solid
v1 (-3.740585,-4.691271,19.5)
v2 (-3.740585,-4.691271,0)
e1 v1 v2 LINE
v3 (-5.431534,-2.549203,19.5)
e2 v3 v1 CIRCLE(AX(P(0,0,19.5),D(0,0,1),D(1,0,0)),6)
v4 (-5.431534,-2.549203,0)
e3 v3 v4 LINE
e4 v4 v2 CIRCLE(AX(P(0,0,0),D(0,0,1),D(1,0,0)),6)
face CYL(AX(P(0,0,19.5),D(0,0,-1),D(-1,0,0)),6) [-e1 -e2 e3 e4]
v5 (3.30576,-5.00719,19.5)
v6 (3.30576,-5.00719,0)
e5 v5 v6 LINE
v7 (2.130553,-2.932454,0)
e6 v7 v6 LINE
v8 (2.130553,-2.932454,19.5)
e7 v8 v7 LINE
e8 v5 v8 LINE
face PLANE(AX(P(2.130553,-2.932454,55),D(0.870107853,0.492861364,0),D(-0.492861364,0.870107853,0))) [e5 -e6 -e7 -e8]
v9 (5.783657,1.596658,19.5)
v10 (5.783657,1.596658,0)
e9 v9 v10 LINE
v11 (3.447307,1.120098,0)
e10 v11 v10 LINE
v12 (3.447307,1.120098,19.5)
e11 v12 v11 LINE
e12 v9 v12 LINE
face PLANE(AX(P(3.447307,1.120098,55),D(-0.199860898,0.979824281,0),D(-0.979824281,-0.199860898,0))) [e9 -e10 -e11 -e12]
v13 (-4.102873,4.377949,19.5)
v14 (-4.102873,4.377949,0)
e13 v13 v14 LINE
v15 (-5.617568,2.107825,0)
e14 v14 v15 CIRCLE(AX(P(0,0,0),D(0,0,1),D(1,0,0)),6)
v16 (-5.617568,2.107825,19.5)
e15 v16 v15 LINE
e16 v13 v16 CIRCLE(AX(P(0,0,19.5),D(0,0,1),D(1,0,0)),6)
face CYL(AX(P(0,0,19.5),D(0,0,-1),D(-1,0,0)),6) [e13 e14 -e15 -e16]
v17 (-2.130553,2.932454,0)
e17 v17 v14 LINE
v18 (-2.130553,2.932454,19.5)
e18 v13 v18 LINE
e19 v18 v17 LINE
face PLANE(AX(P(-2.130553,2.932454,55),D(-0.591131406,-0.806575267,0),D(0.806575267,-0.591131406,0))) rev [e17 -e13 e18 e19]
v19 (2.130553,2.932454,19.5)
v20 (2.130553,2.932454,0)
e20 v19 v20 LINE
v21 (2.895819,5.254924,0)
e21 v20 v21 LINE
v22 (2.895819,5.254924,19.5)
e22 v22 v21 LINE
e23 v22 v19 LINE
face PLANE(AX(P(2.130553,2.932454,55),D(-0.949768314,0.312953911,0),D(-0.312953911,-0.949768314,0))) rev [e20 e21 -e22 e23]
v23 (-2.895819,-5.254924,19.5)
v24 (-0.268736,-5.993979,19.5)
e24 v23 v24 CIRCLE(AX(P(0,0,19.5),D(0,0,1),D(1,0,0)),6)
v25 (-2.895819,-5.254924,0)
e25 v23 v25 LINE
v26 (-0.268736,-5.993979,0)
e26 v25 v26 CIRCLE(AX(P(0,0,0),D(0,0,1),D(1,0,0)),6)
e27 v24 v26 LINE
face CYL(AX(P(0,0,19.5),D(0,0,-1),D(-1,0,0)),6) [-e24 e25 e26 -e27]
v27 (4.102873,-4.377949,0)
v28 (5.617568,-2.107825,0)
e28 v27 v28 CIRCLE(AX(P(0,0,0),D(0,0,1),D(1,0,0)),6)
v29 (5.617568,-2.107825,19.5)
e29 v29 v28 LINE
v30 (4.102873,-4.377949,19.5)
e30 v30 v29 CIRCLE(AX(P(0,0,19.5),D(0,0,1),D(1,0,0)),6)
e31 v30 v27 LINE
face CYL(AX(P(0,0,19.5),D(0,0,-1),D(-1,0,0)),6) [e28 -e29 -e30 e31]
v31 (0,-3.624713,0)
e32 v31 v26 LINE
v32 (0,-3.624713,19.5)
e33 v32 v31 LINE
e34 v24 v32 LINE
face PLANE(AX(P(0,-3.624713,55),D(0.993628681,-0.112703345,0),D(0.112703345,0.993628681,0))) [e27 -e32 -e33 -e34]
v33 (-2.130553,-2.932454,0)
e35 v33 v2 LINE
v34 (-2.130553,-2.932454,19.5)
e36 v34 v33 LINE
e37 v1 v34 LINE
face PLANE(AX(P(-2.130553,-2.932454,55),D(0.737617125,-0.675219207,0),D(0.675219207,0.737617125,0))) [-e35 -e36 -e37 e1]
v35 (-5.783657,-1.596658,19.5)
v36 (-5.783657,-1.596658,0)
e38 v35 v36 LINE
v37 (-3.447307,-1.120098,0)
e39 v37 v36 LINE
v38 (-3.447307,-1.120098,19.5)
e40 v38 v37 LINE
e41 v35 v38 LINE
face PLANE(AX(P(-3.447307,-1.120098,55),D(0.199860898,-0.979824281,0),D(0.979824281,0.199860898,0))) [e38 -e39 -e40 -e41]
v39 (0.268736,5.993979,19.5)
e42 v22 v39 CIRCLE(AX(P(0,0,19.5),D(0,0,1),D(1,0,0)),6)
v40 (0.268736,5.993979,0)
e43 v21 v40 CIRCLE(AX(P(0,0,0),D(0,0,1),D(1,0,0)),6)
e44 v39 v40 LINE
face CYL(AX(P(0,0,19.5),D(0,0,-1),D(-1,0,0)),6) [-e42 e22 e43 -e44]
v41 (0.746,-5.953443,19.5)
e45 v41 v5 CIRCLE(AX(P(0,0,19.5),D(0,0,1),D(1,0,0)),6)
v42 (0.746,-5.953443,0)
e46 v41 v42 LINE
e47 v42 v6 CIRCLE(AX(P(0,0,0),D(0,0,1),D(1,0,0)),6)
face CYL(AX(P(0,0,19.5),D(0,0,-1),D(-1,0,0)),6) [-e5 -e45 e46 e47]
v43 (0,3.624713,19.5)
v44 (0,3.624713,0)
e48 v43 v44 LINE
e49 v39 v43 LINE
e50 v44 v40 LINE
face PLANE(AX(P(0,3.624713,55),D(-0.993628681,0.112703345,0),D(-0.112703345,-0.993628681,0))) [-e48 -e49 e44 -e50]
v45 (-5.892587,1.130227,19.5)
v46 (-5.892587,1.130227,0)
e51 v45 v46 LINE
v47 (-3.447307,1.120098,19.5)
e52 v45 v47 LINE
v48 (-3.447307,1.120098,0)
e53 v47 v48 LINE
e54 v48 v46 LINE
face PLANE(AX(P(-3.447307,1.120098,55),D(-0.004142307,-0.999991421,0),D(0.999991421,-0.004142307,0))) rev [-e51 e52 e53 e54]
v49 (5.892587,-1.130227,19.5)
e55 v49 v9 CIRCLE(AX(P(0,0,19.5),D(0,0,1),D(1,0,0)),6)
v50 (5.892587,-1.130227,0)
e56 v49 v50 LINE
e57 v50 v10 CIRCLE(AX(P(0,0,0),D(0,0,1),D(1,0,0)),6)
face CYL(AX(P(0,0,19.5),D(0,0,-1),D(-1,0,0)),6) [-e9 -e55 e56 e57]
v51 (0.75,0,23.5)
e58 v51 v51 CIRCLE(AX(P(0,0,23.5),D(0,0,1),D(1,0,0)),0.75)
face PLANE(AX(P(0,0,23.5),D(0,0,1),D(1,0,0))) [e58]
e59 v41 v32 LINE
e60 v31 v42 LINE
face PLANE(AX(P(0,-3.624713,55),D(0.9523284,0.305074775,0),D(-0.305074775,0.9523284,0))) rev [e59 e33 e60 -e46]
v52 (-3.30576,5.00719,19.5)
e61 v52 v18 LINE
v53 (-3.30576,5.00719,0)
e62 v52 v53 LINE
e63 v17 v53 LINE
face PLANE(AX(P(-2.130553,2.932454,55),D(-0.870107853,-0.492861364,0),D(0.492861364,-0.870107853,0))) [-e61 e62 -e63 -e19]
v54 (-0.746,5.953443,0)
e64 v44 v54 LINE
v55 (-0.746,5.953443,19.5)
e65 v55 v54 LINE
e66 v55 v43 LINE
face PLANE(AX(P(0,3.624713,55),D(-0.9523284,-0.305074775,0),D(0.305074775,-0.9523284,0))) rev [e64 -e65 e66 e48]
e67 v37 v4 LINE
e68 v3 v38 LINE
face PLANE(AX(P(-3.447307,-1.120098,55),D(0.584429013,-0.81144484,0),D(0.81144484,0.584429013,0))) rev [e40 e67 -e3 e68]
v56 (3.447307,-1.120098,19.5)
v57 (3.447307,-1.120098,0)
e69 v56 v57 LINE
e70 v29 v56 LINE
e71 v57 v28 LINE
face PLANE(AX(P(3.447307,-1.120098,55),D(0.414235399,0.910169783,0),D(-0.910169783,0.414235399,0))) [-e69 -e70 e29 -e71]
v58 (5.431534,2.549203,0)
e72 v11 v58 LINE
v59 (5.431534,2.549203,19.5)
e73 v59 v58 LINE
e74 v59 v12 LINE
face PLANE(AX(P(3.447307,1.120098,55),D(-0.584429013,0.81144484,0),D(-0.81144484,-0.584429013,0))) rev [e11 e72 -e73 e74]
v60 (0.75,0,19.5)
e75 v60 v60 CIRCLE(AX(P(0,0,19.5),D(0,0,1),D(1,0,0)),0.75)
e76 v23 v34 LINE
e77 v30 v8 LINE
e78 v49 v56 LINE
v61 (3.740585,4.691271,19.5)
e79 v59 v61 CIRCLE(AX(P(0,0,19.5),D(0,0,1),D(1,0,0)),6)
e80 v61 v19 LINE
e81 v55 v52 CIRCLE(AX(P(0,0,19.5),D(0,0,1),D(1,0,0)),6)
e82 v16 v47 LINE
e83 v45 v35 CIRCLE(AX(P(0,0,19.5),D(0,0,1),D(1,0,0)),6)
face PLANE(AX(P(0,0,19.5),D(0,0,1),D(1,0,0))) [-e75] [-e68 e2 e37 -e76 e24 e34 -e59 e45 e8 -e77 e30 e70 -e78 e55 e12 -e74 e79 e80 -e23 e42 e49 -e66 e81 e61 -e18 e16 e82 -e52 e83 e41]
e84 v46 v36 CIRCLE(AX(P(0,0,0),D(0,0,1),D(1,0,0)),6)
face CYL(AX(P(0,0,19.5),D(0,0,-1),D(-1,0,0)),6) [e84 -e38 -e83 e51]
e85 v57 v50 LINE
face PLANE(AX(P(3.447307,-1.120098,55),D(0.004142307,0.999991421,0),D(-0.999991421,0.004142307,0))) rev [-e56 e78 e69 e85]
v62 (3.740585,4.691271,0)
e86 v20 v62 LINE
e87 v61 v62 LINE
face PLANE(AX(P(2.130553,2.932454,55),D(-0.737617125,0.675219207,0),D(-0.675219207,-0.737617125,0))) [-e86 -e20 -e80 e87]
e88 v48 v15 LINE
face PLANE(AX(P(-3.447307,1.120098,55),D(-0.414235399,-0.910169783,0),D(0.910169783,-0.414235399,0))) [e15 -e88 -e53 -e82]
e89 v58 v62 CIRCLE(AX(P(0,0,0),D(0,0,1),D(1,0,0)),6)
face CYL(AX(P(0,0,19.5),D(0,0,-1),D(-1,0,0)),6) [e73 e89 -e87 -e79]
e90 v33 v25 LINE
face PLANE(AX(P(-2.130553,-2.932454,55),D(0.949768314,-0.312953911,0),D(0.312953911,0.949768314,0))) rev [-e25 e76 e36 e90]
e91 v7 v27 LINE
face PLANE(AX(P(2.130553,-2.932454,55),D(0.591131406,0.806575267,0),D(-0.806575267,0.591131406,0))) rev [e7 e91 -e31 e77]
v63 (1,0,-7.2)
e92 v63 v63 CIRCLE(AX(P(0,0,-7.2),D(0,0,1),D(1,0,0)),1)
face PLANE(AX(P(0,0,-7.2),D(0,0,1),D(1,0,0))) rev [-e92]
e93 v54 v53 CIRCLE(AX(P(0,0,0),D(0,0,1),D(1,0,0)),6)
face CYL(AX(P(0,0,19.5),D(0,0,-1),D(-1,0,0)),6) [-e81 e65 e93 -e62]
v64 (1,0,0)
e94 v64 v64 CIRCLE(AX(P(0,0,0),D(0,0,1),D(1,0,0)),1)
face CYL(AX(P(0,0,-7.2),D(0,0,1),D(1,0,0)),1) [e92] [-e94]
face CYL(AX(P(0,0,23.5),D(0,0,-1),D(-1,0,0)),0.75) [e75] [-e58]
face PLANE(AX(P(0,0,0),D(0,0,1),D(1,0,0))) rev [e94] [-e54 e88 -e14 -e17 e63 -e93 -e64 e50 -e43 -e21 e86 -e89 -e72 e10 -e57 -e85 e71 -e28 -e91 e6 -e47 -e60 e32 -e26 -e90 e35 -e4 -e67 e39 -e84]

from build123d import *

# Parameters (mm, degrees)
SKETCH1_R           = 6
BOSS_EXTRUDE1_DEPTH = 19.5
SKETCH1_3_R         = 1
BOSS_EXTRUDE2_DEPTH = 7.2
CUT_EXTRUDE4_DEPTH  = 55
SKETCH2_R           = 0.75
BOSS_EXTRUDE3_DEPTH = 4


with BuildPart() as part:
    # Sketch1 → Boss-Extrude1 (new body)
    with BuildSketch(Plane.XY):
        Circle(SKETCH1_R)
    extrude(amount=BOSS_EXTRUDE1_DEPTH)

    # Sketch1<3> → Boss-Extrude2 (add)
    with BuildSketch(Plane.XY):
        Circle(SKETCH1_3_R)
    extrude(amount=-BOSS_EXTRUDE2_DEPTH)

    # Sketch1<6> → Cut-Extrude4 (cut)
    with BuildSketch(Plane.XY):
        Polygon((0, 3.624712615), (0.894290994, 11.509067598), (-2.470474832, 11.33660338), align=None)
        Polygon((4.664832155, 10.623613465), (7.488356813, 8.785380219), (2.130552619, 2.932454105), align=None)
        Polygon((10.01833181, 5.85276429), (11.222124851, 2.7059762), (3.447306552, 1.120097798), align=None)
        Polygon((11.545169224, -1.153641916), (10.669422621, -4.407018754), (3.447306552, -1.120097798), align=None)
        Polygon((8.662144401, -7.71939612), (6.04136359, -9.836682333), (2.130552619, -2.932454105), align=None)
        Polygon((2.470474832, -11.33660338), (-0.894290994, -11.509067598), (0, -3.624712615), align=None)
        Polygon((-4.664832155, -10.623613465), (-7.488356813, -8.785380219), (-2.130552619, -2.932454105), align=None)
        Polygon((-10.01833181, -5.85276429), (-11.222124851, -2.7059762), (-3.447306552, -1.120097798), align=None)
        Polygon((-11.545169224, 1.153641916), (-10.669422621, 4.407018754), (-3.447306552, 1.120097798), align=None)
        Polygon((-8.662144401, 7.71939612), (-6.04136359, 9.836682333), (-2.130552619, 2.932454105), align=None)
    extrude(amount=CUT_EXTRUDE4_DEPTH, mode=Mode.SUBTRACT)

    # Sketch2 → Boss-Extrude3 (add)
    with BuildSketch(Plane.XY.offset(19.5)):
        Circle(SKETCH2_R)
    extrude(amount=BOSS_EXTRUDE3_DEPTH)


solid = part.part
